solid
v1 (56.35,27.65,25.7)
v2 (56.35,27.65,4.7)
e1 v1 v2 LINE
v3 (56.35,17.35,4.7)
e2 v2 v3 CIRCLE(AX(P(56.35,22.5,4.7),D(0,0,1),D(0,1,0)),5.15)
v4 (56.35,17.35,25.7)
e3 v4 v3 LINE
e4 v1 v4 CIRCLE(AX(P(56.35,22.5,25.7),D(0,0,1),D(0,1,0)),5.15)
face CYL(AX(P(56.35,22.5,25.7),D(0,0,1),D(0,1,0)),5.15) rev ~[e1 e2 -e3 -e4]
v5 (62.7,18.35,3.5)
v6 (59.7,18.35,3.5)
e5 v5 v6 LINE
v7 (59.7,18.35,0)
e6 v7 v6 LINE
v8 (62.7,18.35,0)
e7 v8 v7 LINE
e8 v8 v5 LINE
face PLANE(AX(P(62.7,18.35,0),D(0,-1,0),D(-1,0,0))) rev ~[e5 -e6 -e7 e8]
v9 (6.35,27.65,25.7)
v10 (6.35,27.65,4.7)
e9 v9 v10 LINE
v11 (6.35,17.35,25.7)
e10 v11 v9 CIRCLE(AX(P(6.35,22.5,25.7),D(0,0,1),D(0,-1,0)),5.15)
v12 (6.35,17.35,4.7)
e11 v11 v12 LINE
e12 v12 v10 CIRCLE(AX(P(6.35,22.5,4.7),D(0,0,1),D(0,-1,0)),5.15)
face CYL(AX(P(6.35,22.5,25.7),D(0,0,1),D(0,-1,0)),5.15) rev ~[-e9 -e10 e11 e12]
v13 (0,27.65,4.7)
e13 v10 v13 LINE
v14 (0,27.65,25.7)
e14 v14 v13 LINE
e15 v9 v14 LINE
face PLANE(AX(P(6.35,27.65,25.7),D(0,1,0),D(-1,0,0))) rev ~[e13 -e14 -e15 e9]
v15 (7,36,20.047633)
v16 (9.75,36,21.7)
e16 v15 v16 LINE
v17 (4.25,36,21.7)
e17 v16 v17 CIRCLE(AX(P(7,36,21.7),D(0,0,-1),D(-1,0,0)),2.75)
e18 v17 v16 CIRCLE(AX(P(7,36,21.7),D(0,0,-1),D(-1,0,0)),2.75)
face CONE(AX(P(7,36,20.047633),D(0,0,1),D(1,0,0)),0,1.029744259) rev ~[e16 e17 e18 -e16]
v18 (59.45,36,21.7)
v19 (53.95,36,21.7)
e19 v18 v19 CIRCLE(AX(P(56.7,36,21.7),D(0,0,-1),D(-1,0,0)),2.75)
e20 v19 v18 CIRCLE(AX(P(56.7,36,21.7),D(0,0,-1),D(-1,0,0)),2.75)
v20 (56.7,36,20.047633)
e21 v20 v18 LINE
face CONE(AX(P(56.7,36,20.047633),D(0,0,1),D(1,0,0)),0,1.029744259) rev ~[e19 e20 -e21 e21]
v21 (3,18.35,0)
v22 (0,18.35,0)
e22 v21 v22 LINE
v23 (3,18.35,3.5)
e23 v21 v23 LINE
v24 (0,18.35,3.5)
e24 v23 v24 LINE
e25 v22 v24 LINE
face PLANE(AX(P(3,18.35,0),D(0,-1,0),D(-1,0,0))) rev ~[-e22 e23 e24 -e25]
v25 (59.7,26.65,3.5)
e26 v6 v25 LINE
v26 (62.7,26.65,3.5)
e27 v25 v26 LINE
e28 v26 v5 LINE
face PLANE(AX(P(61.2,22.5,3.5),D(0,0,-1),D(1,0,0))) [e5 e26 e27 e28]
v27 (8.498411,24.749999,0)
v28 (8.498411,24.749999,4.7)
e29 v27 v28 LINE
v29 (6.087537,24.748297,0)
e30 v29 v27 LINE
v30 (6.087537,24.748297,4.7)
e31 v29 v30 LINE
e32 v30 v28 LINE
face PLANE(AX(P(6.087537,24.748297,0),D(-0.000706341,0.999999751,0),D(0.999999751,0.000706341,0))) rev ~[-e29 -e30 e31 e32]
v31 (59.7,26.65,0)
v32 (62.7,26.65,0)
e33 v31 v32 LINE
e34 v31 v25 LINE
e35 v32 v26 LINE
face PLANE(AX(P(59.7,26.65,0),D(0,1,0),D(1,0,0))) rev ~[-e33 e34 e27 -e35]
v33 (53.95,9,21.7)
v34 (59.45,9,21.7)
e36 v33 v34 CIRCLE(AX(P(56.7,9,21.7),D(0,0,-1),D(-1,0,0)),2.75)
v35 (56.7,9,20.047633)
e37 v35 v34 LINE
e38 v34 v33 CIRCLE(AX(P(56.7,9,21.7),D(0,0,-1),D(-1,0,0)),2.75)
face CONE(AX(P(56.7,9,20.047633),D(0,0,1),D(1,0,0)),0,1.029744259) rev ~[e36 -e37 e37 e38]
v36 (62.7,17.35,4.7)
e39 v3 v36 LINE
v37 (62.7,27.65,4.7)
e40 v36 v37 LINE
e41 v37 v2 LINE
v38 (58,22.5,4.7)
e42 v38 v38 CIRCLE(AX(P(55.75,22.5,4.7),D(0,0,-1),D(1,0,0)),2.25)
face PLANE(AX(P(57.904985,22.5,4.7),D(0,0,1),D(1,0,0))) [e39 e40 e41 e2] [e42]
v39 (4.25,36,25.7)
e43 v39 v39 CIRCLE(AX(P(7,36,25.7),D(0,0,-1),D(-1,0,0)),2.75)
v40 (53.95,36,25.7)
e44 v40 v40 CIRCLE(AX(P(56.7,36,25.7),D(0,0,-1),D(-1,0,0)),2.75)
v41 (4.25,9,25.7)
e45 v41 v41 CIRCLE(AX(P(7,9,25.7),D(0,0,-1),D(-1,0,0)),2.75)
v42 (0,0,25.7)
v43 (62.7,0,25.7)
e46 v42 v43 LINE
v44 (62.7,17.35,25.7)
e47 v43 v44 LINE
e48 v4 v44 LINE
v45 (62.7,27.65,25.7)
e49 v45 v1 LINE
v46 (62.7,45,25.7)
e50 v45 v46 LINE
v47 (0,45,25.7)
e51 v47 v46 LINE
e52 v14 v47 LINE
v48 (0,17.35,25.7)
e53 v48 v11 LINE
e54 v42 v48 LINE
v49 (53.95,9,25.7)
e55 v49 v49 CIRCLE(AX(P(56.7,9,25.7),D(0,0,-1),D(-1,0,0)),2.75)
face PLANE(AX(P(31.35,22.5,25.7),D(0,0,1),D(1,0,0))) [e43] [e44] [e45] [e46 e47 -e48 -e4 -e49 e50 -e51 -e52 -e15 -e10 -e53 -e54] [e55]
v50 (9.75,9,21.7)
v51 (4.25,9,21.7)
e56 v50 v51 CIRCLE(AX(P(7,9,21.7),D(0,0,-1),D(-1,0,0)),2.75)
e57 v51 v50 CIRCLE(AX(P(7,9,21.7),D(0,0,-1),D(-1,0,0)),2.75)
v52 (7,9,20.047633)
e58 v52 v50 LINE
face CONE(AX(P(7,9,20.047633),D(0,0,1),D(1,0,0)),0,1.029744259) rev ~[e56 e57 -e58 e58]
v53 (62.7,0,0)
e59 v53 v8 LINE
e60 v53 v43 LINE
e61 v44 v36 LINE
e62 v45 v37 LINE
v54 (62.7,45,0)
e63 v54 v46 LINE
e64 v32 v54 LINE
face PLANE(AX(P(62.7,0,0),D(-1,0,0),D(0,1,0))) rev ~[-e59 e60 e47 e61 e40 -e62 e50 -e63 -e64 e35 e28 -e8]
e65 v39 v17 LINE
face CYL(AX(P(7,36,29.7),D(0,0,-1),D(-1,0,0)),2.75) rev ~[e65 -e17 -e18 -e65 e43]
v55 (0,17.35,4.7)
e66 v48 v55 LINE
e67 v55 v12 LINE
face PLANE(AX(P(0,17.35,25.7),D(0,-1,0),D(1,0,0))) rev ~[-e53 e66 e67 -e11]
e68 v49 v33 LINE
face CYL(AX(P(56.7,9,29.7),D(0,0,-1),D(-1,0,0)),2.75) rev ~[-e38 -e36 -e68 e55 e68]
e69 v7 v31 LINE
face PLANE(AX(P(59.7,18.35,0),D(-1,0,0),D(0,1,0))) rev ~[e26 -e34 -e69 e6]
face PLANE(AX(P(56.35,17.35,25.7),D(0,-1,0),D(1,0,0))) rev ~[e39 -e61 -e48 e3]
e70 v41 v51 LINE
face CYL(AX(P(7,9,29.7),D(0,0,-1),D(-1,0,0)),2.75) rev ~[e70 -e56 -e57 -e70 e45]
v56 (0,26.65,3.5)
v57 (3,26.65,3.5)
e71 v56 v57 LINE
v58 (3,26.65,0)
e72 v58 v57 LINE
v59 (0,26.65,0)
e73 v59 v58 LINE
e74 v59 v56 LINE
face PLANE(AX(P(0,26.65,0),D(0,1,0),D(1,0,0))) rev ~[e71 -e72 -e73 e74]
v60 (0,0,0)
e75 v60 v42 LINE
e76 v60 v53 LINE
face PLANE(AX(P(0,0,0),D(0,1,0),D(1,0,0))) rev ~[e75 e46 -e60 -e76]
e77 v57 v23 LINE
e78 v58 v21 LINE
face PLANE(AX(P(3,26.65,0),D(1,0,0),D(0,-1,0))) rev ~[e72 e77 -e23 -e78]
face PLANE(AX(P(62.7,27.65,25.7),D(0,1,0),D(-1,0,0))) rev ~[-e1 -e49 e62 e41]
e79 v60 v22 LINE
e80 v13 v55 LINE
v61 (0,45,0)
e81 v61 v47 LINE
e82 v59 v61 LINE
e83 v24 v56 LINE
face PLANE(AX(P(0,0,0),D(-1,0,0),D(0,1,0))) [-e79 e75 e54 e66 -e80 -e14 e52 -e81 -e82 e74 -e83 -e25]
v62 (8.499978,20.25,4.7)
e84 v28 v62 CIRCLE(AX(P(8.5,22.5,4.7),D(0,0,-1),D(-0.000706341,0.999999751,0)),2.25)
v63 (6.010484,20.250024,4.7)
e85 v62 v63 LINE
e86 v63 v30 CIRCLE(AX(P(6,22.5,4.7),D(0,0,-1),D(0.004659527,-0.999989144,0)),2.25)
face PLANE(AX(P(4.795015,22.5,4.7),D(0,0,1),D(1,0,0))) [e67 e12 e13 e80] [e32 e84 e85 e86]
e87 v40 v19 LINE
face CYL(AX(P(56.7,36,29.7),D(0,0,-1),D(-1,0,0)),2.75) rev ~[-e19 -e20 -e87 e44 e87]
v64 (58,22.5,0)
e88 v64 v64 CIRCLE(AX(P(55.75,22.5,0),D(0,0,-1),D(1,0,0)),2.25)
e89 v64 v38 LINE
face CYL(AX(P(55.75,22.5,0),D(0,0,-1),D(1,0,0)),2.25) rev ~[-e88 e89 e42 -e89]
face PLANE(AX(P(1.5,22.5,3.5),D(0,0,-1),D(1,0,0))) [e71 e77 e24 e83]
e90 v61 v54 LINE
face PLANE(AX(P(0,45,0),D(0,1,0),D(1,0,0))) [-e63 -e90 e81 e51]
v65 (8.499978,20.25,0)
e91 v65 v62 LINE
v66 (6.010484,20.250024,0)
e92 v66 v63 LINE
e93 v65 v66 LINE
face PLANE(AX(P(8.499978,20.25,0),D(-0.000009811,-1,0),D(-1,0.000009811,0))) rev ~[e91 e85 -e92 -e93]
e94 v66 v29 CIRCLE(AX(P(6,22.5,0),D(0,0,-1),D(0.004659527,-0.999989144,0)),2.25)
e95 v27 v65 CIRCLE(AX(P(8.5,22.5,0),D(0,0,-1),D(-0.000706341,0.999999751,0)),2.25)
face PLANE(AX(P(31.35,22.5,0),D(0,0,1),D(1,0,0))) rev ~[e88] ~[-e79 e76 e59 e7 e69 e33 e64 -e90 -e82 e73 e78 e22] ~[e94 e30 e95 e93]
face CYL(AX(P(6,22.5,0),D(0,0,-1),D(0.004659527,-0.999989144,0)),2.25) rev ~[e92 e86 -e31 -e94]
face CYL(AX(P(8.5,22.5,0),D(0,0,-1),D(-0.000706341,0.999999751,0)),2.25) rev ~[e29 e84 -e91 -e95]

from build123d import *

# Parameters (mm, degrees)
F0_W     = 62.7
F0_H     = 45
F1_DEPTH = 25.7
F3_DEPTH = 3.5
F5_DEPTH = 21
F6_R     = 2.25
F7_DEPTH = 4.7
F9_D     = 5.5
F9_DEPTH = 4
F9_TIP   = 1.6523667023


with BuildPart() as f1:
    # F0 (on Top) → F1 (new body)
    with BuildSketch(Plane.XY):
        with Locations((31.35, 22.5)):
            Rectangle(F0_W, F0_H)
    extrude(amount=F1_DEPTH)

    # F2 (on face) → F3 (cut)
    with BuildSketch(Plane(origin=(0, 0, 0), x_dir=(1, 0, 0), z_dir=(0, 0, -1))):
        Polygon((0, -18.35), (0, -22.5), (0, -26.65), (3, -26.65), (3, -22.5), (3, -18.35), align=None)
        Polygon((62.7, -22.5), (62.7, -18.35), (59.7, -18.35), (59.7, -22.5), (59.7, -26.65), (62.7, -26.65), align=None)
    extrude(amount=-F3_DEPTH, mode=Mode.SUBTRACT)

    # F4 (on face) → F5 (cut)
    with BuildSketch(Plane.XY.offset(25.7)):
        with BuildLine():
            Line((0, 27.65), (0, 22.5))
            Line((0, 22.5), (0, 17.35))
            Line((0, 17.35), (6.35, 17.35))
            ThreePointArc((6.35, 17.35), (11.5, 22.5), (6.35, 27.65))
            Line((6.35, 27.65), (0, 27.65))
        make_face()
        with BuildLine():
            ThreePointArc((56.35, 27.65), (51.2, 22.5), (56.35, 17.35))
            Line((56.35, 17.35), (62.7, 17.35))
            Line((62.7, 17.35), (62.7, 22.5))
            Line((62.7, 22.5), (62.7, 27.65))
            Line((62.7, 27.65), (56.35, 27.65))
        make_face()
    extrude(amount=-F5_DEPTH, mode=Mode.SUBTRACT)

    # F6 (on face) → F7 (cut, through all)
    with BuildSketch(Plane(origin=(0, 0, 0), x_dir=(1, 0, 0), z_dir=(0, 0, -1))):
        with Locations((55.75, -22.5)):
            Circle(F6_R)
        with BuildLine():
            Line((8.4999779246, -20.2500000001), (6.0104839369, -20.2500244252))
            ThreePointArc((6.0104839369, -20.2500244252), (3.750330021, -22.5385355083), (6.087536662, -24.7482965402))
            Line((6.087536662, -24.7482965402), (8.4984107338, -24.7499994387))
            ThreePointArc((8.4984107338, -24.7499994387), (10.7499998636, -22.5007835955), (8.4999779246, -20.2500000001))
        make_face()
    extrude(amount=-F7_DEPTH, mode=Mode.SUBTRACT)

    # F9
    with Locations(Plane.XY.offset(25.7)):
        with Locations((7, 36), (7, 9), (56.7, 9), (56.7, 36)):
            Hole(F9_D / 2, depth=F9_DEPTH)
            with Locations((0, 0, -(F9_DEPTH + F9_TIP / 2))):  # 118° drill point
                Cone(0, F9_D / 2, F9_TIP, mode=Mode.SUBTRACT)


solid = f1.part
